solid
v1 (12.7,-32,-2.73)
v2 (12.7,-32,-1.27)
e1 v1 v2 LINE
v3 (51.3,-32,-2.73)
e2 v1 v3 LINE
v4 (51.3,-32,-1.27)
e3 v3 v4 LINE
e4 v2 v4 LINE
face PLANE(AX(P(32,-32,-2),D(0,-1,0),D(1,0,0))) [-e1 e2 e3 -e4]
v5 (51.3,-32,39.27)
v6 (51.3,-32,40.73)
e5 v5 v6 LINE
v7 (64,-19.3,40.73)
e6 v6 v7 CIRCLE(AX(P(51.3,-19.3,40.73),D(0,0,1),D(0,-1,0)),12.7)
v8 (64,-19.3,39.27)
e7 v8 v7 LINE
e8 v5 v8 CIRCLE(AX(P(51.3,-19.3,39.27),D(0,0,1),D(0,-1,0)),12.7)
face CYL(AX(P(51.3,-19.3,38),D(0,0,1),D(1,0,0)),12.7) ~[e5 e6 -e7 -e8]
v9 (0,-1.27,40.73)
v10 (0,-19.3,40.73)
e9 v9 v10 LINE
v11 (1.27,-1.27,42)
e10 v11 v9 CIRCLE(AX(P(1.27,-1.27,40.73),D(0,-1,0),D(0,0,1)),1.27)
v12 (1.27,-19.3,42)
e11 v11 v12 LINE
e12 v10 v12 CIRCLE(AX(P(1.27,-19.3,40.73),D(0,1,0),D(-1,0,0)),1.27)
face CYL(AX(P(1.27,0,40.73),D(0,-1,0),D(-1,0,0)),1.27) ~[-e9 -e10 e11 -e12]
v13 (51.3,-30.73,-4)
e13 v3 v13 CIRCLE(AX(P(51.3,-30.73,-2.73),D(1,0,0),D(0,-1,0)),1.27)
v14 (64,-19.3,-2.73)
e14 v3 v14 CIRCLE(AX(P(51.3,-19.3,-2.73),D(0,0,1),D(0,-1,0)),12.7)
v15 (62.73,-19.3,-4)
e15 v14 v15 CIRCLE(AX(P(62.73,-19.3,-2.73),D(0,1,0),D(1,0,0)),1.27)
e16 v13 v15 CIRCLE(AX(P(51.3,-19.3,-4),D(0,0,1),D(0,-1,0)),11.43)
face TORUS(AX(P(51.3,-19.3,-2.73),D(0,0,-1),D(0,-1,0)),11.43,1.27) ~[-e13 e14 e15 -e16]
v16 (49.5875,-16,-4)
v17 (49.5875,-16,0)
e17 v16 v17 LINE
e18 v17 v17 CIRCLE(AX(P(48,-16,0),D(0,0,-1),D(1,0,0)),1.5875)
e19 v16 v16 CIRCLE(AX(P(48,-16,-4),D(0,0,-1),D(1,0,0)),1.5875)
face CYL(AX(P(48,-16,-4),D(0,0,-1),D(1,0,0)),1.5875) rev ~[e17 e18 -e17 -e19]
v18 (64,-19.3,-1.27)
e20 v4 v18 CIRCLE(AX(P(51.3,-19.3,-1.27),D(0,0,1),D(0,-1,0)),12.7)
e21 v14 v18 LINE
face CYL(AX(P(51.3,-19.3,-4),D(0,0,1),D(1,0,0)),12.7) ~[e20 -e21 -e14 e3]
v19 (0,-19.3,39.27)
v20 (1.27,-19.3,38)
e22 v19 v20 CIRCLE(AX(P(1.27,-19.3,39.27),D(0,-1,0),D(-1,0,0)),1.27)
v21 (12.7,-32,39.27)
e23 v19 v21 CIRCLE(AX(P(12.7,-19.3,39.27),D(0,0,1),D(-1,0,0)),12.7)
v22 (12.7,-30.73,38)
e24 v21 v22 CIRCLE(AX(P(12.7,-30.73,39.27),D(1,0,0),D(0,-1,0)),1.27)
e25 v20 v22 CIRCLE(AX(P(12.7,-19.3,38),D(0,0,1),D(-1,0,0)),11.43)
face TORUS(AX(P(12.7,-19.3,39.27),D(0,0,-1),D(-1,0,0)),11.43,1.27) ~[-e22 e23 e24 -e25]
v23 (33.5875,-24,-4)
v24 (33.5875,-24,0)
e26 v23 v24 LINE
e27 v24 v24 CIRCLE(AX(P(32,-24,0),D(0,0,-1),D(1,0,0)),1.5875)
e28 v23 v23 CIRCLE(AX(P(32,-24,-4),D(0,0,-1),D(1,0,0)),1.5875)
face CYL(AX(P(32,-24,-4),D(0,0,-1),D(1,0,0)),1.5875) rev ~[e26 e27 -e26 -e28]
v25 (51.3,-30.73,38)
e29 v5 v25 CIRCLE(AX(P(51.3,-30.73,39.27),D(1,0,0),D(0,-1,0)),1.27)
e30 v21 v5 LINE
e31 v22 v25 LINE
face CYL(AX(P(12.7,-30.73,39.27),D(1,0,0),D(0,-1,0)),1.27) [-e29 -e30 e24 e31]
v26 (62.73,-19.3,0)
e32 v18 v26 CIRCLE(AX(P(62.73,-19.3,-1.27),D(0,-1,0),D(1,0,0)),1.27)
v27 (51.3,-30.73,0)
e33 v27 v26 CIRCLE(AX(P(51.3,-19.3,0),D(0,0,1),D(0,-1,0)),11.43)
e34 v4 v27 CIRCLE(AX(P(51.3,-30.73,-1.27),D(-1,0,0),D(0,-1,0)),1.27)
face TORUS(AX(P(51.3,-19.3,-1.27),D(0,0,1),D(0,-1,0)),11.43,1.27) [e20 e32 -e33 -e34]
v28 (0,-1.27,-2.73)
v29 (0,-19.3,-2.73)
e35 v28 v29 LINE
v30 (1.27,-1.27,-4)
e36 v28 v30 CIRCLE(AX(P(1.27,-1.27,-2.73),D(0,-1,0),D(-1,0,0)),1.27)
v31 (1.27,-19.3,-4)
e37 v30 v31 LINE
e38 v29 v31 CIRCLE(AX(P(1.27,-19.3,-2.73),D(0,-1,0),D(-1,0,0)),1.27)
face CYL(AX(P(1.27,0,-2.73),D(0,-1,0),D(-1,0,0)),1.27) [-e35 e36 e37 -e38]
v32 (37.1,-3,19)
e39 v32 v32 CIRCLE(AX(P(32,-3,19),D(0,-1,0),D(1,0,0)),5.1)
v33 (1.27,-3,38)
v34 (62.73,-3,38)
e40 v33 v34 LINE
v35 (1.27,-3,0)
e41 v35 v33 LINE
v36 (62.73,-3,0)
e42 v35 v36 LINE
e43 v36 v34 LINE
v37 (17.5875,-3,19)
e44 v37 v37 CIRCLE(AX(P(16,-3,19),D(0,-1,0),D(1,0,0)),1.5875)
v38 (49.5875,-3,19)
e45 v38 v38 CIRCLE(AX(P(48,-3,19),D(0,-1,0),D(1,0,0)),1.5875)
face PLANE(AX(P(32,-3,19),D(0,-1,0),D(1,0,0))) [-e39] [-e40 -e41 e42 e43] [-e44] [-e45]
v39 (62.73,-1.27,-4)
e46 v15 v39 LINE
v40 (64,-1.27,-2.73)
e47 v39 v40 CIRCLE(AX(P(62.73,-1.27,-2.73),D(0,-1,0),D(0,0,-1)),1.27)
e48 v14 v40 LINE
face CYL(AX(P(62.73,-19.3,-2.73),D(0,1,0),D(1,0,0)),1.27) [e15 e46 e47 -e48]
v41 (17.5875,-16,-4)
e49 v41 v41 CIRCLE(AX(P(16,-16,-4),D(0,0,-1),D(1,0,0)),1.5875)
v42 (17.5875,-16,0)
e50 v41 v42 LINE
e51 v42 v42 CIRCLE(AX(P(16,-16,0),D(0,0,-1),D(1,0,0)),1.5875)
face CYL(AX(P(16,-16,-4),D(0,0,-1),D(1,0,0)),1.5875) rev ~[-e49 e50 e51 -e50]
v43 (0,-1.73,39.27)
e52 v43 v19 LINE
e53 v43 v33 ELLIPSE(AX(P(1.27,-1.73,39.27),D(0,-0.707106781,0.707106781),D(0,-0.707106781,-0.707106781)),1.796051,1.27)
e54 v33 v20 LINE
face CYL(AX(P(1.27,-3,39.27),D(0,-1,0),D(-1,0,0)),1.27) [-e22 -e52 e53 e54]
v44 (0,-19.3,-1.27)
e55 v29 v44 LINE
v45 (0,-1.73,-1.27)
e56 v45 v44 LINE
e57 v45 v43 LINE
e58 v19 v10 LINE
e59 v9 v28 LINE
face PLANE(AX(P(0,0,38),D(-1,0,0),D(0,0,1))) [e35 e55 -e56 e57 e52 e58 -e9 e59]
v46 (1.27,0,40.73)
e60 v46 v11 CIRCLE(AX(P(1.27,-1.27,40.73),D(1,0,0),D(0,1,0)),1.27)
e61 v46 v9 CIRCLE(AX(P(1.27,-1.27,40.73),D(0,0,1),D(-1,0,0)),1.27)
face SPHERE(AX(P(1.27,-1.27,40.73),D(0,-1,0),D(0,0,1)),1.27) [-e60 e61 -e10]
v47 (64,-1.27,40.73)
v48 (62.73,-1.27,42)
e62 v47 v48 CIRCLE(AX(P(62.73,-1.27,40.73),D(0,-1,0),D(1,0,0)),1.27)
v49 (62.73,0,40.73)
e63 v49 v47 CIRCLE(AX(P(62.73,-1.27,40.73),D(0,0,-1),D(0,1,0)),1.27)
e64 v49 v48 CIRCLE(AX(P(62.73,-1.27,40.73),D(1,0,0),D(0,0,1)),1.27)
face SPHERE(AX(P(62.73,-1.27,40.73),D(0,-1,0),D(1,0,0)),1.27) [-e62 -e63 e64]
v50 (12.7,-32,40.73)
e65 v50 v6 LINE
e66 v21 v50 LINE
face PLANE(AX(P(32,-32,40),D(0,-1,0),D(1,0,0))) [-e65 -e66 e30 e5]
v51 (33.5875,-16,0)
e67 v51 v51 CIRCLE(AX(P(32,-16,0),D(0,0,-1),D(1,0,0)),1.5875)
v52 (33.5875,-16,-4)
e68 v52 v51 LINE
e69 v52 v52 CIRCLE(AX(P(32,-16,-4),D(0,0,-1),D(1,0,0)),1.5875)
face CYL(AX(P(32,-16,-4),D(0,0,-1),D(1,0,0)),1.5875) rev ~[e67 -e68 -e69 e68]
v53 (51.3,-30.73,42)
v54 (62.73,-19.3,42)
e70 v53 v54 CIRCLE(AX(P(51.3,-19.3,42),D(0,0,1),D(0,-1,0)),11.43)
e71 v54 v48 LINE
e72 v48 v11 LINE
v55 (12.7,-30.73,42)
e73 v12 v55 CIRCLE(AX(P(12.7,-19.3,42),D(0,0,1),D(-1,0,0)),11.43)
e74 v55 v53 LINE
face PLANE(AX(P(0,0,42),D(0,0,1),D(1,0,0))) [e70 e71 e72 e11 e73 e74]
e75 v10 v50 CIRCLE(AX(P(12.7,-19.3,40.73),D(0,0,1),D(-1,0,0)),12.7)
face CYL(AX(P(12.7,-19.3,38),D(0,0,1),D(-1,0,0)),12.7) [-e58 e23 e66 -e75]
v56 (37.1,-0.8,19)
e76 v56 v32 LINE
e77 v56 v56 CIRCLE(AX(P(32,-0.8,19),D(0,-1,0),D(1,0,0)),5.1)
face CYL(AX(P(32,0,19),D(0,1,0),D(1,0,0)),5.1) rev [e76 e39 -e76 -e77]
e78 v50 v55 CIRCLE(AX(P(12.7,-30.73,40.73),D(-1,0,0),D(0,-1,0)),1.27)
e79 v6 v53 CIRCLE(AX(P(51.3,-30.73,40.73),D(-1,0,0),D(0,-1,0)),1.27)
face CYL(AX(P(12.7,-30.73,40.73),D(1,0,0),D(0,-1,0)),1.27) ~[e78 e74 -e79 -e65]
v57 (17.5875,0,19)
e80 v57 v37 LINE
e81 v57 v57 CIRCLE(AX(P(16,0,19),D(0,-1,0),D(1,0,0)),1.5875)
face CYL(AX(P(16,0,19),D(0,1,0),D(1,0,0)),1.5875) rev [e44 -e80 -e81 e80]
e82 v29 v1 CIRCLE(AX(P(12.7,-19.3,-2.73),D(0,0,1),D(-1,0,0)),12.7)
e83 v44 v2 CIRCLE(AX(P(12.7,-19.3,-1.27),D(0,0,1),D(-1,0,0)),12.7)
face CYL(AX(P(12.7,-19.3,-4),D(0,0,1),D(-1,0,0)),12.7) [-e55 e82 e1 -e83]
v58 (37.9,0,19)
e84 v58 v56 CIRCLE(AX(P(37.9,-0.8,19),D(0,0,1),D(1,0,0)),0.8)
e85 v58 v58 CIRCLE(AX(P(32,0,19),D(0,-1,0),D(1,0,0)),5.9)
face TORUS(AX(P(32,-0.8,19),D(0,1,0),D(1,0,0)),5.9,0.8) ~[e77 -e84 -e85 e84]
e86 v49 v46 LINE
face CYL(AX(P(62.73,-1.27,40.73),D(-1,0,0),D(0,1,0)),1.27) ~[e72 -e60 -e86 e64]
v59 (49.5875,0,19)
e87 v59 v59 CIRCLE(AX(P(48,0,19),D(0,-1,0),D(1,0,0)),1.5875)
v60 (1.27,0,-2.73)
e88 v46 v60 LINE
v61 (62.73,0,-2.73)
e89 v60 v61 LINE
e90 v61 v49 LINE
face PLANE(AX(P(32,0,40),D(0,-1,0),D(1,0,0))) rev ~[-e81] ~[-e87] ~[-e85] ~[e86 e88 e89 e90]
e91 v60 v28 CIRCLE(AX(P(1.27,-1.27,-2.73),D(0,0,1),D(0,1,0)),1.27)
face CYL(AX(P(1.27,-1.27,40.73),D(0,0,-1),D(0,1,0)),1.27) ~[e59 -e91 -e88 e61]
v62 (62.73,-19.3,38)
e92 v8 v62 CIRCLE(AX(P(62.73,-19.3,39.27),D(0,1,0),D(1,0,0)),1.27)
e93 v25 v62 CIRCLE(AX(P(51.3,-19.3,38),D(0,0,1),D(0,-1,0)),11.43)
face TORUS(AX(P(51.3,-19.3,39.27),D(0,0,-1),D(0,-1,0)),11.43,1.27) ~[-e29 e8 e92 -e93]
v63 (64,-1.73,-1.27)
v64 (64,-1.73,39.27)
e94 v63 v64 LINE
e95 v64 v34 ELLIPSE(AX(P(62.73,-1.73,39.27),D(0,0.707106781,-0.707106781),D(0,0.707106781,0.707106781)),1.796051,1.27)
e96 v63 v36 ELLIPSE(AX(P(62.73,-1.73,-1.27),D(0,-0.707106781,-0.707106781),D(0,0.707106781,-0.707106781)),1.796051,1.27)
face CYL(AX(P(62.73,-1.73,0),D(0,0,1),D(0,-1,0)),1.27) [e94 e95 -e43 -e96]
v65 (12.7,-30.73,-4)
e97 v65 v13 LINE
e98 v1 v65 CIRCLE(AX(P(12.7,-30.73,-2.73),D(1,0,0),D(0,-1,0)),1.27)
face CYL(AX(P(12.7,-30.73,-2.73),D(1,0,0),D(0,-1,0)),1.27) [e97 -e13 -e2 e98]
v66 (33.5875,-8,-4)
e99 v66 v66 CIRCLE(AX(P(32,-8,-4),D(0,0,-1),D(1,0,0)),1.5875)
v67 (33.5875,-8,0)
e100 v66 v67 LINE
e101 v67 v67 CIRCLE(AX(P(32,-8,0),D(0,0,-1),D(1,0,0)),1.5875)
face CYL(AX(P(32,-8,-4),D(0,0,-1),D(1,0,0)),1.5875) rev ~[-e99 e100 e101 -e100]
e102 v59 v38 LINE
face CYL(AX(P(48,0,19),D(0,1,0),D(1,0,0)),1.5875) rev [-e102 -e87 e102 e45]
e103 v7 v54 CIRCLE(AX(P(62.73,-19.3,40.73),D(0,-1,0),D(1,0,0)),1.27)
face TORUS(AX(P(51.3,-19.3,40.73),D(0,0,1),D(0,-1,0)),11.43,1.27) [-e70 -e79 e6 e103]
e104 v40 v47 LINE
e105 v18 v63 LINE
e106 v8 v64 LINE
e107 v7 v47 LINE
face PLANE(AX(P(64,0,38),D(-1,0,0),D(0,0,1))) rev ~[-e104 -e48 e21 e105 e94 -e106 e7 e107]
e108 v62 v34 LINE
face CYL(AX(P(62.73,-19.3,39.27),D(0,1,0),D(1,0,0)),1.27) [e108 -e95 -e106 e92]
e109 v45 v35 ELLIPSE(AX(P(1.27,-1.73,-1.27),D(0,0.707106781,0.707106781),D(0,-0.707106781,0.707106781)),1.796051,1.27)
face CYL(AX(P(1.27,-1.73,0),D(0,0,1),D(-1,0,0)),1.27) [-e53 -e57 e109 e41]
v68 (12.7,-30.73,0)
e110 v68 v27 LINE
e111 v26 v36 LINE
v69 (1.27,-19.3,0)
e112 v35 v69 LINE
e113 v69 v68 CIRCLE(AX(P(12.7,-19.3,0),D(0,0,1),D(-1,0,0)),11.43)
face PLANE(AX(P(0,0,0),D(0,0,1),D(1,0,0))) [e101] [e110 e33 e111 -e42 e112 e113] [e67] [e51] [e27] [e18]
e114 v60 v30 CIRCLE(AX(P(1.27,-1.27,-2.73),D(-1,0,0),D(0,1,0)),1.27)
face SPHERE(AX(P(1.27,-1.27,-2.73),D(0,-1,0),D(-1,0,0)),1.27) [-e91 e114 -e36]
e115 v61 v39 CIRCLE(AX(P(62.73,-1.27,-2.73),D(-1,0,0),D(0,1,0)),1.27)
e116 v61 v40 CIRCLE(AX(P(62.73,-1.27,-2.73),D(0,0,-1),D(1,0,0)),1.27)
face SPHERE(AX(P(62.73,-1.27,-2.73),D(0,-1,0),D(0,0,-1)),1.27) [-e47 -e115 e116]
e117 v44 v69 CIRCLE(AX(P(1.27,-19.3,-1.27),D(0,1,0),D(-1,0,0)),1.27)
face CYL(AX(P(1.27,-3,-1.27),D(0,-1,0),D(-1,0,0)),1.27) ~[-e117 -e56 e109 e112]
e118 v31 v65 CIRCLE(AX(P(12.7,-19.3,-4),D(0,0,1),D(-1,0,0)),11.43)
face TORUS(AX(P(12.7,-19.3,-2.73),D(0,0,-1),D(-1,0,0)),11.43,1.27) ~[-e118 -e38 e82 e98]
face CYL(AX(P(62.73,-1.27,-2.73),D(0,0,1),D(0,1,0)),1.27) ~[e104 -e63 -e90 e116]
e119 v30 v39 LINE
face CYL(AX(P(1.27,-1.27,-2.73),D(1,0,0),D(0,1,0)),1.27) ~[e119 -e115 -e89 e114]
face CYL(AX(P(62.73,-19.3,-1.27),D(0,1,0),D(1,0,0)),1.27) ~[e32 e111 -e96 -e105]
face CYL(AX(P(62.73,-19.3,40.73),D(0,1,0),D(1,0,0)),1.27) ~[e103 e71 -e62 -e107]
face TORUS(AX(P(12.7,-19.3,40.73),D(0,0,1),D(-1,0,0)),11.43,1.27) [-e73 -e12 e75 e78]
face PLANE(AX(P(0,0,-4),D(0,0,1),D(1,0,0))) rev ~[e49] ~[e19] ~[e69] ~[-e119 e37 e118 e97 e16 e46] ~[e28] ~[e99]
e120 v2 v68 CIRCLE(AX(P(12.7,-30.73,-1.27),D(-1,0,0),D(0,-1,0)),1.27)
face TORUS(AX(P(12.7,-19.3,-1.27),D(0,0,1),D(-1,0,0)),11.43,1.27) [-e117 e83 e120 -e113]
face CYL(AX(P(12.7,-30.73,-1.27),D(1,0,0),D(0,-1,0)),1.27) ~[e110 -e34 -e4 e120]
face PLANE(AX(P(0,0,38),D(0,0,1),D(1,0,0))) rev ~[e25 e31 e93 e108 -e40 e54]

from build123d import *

# Parameters (mm, degrees)
F0_W     = 64
F0_H     = 38
F0_R     = 1.5875
F0_R_2   = 5.1
F1_DEPTH = 3
F0_H_2   = 4
F2_DEPTH = 32
F3_R     = 12.7
F4_R     = 1.5875
F5_DEPTH = 4
F6_R     = 1.27
F7_R     = 0.8
F8_R     = 1.27


with BuildPart() as f1:
    # F0 (on Front) → F1 (new body)
    with BuildSketch(Plane.XZ):
        with Locations((32, 19)):
            Rectangle(F0_W, F0_H)
        with Locations((16, 19)):
            Circle(F0_R, mode=Mode.SUBTRACT)
        with Locations((32, 19)):
            Circle(F0_R_2, mode=Mode.SUBTRACT)
        with Locations((48, 19)):
            Circle(F0_R, mode=Mode.SUBTRACT)
    extrude(amount=F1_DEPTH)

    # F0 (on Front) → F2 (join)
    with BuildSketch(Plane.XZ):
        with Locations((32, 40)):
            Rectangle(F0_W, F0_H_2)
        with Locations((32, -2)):
            Rectangle(F0_W, F0_H_2)
    extrude(amount=F2_DEPTH)

    # F3
    f3_edges = [f1.edges().sort_by_distance(p)[0] for p in [
        (64, -32, -2),
        (64, -32, 40),
        (0, -32, -2),
        (0, -32, 40),
    ]]
    fillet(f3_edges, radius=F3_R)

    # F4 (on face) → F5 (cut, through all)
    with BuildSketch(Plane(origin=(0, 0, -4), x_dir=(1, 0, 0), z_dir=(0, 0, -1))):
        with Locations((48, 16)):
            Circle(F4_R)
        with Locations((32, 24)):
            Circle(F4_R)
        with Locations((32, 16)):
            Circle(F4_R)
        with Locations((32, 8)):
            Circle(F4_R)
        with Locations((16, 16)):
            Circle(F4_R)
    extrude(amount=-F5_DEPTH, mode=Mode.SUBTRACT)

    # F6
    f6_edges = [f1.edges().sort_by_distance(p)[0] for p in [
        (0, -11.15, 38),
        (0, -9.65, 42),
        (0, -9.65, -4),
        (0, -11.15, 0),
        (0, -3, 19),
        (64, -3, 19),
    ]]
    fillet(f6_edges, radius=F6_R)

    # F7
    f7_edges = [f1.edges().sort_by_distance(p)[0] for p in [
        (26.9, 0, 19),
    ]]
    fillet(f7_edges, radius=F7_R)

    # F8
    f8_edges = [f1.edges().sort_by_distance(p)[0] for p in [
        (32, 0, -4),
        (32, 0, 42),
    ]]
    fillet(f8_edges, radius=F8_R)


solid = f1.part
